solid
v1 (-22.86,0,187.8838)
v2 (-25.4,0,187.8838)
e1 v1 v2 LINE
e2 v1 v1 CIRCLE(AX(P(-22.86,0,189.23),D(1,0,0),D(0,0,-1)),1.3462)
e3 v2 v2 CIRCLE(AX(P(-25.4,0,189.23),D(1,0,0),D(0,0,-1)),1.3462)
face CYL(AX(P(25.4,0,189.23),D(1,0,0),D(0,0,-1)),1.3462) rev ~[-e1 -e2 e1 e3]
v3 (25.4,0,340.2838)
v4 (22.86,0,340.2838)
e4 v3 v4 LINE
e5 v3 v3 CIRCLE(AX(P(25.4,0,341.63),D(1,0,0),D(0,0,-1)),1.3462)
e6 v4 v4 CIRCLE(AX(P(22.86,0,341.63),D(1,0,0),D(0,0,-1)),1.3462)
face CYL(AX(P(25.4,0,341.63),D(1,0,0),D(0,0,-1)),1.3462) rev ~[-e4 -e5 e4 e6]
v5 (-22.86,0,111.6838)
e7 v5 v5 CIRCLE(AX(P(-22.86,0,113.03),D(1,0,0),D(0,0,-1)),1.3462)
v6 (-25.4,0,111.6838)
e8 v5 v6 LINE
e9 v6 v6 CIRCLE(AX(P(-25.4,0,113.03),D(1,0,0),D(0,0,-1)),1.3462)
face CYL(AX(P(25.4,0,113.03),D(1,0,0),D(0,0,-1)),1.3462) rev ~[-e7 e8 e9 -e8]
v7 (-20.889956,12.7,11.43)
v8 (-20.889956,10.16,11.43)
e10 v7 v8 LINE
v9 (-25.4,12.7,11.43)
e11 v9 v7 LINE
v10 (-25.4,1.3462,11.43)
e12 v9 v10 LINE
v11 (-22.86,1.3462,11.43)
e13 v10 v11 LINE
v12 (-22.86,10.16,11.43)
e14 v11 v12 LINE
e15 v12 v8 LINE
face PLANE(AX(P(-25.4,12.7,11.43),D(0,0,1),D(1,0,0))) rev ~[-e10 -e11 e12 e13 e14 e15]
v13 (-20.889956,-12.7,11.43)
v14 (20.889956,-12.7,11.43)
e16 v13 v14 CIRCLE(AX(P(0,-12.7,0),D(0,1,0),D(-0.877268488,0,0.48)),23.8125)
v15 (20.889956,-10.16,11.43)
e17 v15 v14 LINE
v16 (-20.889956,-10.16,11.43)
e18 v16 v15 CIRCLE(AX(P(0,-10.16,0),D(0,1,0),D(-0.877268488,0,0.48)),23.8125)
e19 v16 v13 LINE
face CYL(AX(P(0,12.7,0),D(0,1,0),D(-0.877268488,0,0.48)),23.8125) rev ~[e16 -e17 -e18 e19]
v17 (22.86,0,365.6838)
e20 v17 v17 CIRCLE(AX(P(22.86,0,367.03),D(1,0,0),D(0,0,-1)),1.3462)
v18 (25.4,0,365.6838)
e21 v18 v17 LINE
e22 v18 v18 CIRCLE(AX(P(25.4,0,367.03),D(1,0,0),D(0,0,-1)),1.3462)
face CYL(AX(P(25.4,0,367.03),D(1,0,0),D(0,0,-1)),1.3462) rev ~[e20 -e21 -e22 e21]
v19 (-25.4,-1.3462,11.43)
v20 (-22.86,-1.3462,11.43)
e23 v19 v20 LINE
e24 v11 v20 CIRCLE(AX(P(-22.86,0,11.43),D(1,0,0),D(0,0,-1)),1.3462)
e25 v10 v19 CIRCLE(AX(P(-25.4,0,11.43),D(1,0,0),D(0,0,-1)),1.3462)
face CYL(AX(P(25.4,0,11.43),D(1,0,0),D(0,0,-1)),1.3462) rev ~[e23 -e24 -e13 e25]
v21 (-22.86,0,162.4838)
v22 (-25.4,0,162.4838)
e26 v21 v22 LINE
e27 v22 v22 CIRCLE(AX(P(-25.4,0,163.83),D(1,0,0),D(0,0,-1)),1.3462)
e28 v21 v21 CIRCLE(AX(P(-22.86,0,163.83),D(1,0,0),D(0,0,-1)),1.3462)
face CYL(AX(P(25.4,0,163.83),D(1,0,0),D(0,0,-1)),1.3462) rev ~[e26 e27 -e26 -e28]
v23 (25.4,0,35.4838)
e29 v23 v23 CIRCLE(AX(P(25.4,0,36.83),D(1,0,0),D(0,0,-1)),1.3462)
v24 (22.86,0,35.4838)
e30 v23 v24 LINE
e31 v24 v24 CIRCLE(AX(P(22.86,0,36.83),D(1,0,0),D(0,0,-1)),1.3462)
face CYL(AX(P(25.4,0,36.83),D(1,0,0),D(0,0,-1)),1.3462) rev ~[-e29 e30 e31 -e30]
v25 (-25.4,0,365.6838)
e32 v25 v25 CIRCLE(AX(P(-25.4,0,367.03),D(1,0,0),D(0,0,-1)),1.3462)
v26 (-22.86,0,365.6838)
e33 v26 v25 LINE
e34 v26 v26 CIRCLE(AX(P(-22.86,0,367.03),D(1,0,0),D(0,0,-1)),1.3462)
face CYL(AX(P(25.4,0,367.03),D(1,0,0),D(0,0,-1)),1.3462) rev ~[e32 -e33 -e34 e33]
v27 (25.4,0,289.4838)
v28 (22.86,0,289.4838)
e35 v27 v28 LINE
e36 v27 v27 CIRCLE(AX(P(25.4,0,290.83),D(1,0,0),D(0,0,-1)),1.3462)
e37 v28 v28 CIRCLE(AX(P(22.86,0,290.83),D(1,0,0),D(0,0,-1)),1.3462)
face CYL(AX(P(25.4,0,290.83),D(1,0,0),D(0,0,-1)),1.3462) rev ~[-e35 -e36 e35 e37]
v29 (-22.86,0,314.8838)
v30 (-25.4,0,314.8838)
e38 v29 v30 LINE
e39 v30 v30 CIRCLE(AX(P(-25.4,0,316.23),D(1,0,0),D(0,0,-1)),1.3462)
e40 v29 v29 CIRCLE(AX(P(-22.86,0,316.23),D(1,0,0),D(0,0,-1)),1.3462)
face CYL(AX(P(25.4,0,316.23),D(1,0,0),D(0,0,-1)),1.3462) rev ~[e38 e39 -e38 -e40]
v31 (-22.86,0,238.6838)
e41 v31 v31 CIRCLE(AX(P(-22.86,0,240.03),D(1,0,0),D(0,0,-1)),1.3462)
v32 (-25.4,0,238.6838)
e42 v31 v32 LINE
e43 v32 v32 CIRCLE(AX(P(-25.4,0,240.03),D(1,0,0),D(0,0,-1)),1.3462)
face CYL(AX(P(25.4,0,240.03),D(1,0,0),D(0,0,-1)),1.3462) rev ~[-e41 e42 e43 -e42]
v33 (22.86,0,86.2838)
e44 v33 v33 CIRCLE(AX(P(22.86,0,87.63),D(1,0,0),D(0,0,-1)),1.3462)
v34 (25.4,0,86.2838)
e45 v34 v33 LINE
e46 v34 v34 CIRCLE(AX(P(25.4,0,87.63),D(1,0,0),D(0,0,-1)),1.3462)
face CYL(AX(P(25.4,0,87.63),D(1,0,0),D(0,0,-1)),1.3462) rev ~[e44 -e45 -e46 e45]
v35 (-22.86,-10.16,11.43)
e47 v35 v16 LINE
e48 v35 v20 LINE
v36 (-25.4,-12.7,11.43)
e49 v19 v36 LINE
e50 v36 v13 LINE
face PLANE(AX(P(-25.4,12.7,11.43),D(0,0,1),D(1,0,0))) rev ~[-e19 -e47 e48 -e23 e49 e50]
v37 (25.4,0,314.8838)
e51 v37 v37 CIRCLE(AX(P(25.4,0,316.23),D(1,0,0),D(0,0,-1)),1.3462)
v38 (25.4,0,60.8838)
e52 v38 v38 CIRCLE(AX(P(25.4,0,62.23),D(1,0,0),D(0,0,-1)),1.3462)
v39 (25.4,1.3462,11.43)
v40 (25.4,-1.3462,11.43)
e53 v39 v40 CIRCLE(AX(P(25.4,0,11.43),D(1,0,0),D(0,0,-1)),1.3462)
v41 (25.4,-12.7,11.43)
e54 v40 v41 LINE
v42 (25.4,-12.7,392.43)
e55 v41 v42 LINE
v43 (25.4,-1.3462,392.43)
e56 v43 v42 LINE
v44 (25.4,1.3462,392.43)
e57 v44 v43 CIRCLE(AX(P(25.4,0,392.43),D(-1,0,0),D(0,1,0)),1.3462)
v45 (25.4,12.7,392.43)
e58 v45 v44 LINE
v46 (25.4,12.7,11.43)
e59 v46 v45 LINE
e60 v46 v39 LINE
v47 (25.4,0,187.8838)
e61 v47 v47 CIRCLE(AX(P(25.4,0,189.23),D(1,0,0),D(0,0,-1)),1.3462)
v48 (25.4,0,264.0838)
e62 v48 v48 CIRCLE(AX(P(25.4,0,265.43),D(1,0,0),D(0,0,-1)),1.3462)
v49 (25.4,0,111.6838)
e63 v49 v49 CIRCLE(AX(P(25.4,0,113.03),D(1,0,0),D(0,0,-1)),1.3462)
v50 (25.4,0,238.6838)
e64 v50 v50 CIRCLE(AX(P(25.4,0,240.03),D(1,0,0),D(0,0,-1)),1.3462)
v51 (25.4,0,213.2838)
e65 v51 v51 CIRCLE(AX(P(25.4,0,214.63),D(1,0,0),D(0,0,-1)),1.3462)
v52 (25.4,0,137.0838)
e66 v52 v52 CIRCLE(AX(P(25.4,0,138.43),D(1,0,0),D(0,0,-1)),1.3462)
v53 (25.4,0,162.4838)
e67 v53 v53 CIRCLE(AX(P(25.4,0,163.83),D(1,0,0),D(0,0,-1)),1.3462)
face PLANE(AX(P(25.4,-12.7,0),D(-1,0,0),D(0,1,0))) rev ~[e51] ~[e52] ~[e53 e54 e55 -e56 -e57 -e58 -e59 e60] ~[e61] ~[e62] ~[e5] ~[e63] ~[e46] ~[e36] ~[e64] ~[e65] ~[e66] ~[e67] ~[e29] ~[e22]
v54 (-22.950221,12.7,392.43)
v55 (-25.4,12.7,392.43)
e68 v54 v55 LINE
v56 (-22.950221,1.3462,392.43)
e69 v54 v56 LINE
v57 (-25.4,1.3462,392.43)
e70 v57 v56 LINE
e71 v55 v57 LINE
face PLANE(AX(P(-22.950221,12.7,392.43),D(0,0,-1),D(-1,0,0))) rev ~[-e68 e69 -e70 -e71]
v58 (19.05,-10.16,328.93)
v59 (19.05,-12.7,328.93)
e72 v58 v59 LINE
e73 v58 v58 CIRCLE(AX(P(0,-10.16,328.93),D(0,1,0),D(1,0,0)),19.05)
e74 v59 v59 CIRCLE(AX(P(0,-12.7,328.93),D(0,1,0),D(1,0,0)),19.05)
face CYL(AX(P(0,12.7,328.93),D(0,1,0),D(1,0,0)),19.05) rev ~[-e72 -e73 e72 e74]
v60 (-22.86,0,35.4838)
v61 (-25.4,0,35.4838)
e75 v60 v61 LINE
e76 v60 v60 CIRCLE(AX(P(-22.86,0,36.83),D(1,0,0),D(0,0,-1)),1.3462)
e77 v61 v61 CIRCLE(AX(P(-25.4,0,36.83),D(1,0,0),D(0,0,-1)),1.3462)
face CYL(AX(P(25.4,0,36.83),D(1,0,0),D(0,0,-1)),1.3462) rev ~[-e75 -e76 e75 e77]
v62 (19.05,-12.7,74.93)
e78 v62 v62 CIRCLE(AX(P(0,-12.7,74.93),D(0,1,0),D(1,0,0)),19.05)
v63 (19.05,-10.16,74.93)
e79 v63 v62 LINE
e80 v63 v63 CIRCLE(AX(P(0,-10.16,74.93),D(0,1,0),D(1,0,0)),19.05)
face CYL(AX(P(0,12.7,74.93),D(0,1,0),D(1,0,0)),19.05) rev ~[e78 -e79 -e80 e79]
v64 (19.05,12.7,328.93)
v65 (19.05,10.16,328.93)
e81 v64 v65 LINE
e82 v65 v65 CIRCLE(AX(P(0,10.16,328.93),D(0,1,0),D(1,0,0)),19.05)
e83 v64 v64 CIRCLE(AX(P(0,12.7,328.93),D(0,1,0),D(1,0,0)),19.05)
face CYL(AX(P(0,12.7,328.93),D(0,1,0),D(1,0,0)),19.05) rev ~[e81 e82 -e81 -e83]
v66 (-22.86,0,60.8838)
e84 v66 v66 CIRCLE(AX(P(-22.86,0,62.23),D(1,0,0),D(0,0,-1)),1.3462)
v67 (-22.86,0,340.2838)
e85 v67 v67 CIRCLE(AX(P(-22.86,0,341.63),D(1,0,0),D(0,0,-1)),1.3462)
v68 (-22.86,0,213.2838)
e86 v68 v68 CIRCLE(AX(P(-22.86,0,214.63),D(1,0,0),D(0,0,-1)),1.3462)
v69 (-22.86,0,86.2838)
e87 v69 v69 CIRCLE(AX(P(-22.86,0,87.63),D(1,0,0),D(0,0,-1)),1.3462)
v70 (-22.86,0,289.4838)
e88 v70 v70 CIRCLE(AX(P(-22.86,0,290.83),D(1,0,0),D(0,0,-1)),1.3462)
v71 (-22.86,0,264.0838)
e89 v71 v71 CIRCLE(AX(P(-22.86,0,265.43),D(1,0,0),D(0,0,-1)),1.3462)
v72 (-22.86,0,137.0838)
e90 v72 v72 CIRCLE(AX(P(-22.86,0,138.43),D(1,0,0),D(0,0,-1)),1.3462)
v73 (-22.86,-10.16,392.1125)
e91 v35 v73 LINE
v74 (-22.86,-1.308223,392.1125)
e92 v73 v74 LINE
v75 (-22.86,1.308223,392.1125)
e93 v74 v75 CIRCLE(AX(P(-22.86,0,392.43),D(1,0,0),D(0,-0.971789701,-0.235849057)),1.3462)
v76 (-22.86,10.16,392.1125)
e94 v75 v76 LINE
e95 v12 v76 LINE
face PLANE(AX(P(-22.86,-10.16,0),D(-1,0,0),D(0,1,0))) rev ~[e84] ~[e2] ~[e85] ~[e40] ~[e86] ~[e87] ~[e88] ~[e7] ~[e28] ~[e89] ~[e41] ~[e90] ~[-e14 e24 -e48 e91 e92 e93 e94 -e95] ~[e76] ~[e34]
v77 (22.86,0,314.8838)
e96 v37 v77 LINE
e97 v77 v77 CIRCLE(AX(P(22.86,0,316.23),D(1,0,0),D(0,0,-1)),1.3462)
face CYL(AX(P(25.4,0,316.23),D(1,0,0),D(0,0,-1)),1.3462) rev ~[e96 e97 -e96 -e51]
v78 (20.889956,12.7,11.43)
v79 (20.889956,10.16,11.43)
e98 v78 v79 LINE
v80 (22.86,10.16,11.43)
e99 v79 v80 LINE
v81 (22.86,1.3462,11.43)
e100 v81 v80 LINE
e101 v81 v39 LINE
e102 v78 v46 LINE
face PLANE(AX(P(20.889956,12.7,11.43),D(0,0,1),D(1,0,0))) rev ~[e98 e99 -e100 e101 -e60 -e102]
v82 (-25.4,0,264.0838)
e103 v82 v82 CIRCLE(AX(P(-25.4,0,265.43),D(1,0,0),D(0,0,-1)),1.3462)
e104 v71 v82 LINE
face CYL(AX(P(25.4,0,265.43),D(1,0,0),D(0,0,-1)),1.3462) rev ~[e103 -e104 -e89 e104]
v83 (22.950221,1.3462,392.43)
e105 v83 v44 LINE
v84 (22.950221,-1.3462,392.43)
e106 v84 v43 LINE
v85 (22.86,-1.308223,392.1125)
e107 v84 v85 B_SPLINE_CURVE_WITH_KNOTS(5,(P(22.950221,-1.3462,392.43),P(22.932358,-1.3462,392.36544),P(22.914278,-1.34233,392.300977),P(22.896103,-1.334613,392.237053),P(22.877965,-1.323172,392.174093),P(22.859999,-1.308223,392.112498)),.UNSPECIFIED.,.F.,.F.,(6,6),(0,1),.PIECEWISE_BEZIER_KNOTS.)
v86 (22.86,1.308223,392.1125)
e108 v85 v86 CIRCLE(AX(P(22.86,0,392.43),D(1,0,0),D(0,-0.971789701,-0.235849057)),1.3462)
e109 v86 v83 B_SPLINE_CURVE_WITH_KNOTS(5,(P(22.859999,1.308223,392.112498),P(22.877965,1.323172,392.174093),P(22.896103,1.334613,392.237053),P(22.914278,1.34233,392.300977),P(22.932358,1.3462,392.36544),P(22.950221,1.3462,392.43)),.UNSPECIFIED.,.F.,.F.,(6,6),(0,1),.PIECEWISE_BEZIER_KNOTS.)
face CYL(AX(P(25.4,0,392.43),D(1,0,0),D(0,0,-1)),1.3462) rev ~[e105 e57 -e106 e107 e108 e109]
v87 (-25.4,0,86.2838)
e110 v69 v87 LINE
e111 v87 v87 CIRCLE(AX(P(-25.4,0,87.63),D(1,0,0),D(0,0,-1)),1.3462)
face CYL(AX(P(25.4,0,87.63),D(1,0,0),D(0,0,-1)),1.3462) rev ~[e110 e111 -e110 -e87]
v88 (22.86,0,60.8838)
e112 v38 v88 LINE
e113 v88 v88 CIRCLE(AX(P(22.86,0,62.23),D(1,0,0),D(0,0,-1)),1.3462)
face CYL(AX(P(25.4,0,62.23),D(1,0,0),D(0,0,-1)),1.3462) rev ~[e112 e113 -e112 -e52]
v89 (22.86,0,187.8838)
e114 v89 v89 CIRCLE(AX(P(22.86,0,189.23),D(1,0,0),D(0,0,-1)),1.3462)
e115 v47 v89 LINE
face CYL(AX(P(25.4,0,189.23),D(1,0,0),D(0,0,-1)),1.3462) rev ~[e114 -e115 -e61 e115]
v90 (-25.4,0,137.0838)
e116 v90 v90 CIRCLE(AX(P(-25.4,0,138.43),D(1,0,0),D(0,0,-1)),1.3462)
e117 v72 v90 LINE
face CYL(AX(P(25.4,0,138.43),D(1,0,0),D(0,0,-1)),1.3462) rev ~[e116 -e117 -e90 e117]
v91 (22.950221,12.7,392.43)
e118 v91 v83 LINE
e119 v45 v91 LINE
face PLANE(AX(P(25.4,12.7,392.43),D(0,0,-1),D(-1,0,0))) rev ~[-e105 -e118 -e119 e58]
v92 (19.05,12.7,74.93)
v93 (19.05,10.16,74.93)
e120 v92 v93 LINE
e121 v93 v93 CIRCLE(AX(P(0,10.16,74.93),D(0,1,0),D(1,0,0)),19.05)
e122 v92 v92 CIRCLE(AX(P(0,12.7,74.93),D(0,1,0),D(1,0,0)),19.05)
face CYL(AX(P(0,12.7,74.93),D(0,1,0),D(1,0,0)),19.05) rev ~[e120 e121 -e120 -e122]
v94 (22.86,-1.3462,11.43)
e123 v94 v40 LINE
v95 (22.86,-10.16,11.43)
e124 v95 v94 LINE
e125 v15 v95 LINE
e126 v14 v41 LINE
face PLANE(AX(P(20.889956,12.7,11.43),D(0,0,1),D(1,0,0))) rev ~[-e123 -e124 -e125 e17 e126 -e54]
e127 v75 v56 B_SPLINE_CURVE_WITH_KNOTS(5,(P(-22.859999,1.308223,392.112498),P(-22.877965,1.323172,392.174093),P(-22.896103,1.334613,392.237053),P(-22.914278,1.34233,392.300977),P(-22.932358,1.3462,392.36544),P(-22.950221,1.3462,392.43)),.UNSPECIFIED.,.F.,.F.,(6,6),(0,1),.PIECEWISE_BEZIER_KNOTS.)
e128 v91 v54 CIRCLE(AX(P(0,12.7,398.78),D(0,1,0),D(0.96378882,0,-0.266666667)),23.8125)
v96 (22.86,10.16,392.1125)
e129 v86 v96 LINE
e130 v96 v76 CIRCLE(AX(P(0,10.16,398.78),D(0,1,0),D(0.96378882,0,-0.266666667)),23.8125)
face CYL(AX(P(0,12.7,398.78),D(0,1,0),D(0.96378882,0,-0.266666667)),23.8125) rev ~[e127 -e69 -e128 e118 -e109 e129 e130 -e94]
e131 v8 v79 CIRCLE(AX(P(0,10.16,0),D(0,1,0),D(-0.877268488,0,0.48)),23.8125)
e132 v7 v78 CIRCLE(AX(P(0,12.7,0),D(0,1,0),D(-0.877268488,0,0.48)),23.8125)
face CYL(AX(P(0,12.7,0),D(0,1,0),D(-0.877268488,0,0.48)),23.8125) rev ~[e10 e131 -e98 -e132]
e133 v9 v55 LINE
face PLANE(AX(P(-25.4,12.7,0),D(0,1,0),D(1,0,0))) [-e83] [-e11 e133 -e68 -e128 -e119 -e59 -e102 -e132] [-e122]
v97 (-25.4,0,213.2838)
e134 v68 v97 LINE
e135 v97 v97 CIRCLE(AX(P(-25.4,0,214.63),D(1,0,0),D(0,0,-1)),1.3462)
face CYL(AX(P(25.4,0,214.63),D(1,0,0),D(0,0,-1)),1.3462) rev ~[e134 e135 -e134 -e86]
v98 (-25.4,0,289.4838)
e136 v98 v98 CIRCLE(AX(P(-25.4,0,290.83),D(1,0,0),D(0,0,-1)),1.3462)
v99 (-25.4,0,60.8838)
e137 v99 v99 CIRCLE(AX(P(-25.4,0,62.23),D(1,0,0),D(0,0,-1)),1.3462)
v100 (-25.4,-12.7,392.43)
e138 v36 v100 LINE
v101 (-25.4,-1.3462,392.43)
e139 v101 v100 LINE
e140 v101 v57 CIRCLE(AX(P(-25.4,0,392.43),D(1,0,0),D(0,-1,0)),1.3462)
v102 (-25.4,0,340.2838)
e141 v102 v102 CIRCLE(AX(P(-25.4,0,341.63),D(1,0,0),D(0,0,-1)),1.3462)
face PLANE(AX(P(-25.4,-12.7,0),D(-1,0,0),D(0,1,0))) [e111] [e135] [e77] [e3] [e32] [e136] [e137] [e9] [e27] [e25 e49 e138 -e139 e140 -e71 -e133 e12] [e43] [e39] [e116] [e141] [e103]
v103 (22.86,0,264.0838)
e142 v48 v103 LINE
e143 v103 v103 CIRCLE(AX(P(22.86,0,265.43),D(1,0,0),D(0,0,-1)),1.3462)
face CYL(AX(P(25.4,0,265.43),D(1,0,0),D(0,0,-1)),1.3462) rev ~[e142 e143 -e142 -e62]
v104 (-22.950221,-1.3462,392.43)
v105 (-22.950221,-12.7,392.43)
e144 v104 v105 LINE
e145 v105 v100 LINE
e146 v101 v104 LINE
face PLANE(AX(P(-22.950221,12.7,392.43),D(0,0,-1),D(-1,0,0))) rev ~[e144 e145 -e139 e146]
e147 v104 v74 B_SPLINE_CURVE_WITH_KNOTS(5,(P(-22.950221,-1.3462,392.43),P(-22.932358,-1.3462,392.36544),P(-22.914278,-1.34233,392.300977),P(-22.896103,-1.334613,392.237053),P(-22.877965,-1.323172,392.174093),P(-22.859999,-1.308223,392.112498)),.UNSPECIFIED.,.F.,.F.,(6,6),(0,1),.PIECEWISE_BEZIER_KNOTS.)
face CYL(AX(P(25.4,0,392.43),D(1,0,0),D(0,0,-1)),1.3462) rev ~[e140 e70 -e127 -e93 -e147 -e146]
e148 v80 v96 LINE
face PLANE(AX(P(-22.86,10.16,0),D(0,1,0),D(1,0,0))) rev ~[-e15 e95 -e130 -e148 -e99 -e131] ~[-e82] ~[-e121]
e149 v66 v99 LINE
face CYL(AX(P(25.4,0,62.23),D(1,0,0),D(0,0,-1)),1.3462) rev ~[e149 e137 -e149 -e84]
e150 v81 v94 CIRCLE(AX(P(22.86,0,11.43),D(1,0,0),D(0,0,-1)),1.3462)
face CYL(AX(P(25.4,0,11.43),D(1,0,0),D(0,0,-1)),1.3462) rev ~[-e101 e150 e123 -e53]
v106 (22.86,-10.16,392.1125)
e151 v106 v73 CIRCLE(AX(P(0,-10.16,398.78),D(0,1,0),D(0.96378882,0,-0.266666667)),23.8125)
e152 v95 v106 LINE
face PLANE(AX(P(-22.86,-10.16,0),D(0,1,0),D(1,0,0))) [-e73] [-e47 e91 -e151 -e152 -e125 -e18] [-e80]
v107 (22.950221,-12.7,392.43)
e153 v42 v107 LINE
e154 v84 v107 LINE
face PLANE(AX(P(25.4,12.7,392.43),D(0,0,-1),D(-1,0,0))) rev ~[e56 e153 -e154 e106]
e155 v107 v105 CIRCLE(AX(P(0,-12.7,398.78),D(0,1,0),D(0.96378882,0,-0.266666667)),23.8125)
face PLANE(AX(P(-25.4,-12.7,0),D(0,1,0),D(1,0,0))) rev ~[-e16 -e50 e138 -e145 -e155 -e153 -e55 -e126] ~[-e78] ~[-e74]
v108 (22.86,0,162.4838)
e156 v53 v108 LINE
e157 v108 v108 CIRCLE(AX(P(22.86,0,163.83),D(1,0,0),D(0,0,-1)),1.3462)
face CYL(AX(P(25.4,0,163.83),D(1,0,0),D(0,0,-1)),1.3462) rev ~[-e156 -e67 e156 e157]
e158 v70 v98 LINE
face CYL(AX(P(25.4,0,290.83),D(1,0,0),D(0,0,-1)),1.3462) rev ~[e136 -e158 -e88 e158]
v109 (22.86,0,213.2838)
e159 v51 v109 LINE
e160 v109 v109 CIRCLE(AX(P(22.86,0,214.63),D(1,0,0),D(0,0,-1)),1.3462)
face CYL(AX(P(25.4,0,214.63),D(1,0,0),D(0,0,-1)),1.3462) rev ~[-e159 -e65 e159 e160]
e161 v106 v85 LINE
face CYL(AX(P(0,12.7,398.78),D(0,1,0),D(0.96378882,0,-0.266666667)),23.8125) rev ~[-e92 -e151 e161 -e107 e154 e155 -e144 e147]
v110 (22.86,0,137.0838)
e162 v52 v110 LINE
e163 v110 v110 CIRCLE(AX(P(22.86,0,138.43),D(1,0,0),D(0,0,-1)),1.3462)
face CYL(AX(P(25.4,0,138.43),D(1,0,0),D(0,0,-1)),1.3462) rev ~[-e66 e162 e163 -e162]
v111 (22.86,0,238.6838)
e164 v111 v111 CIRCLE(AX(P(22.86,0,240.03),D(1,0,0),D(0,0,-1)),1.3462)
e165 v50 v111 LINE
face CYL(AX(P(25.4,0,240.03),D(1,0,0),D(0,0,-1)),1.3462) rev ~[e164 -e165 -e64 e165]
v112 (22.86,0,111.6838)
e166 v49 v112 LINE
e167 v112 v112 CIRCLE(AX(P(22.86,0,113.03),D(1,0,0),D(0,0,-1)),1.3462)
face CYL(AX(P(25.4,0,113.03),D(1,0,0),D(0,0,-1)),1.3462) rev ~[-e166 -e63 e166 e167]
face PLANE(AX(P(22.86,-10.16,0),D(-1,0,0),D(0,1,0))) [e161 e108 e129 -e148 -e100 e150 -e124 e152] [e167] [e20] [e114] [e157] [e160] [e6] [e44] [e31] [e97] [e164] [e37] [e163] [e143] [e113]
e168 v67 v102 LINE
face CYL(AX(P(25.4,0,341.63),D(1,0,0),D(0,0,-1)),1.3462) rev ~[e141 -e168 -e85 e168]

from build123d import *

# Parameters (mm, degrees)
SKETCH1_W           = 50.8
SKETCH1_H           = 25.4
SKETCH1_W_2         = 45.72
SKETCH1_H_2         = 20.32
EXTRUDE_THIN1_DEPTH = 398.78
SKETCH2_R           = 1.3462
CUT_EXTRUDE1_DEPTH  = 51.8
LPATTERN1_COUNT     = 19
LPATTERN1_PITCH     = 25.4
CUT_EXTRUDE2_DEPTH  = 26.4
SKETCH4_R           = 19.05
CUT_EXTRUDE3_DEPTH  = 26.4000001


with BuildPart() as part:
    # Sketch1 → Extrude-Thin1 (new body)
    with BuildSketch(Plane.XY):
        Rectangle(SKETCH1_W, SKETCH1_H)
        Rectangle(SKETCH1_W_2, SKETCH1_H_2, mode=Mode.SUBTRACT)
    extrude(amount=EXTRUDE_THIN1_DEPTH)

    # Sketch2 → Cut-Extrude1 (cut, through all)
    with BuildSketch(Plane(origin=(25.4, 0, 0), x_dir=(0, 0, -1), z_dir=(1, 0, 0))):
        with Locations((-392.43, 0)):
            Circle(SKETCH2_R)
    cut_extrude1 = extrude(amount=-CUT_EXTRUDE1_DEPTH, mode=Mode.SUBTRACT)

    # LPattern1: Cut-Extrude1 ×19
    with Locations(*[(0, 0, -i * LPATTERN1_PITCH) for i in range(1, LPATTERN1_COUNT)]):
        add(cut_extrude1, mode=Mode.SUBTRACT)

    # Sketch3 → Cut-Extrude2 (cut, through all)
    with BuildSketch(Plane(origin=(0, 12.7, 0), x_dir=(1, 0, 0), z_dir=(0, 1, 0))):
        with BuildLine():
            ThreePointArc((23.8125, -398.78), (23.595945628, -395.57586109), (22.950221268, -392.43))
            ThreePointArc((22.950221268, -392.43), (0, -374.9675), (-22.950221268, -392.43))
            ThreePointArc((-22.950221268, -392.43), (-23.595945628, -395.57586109), (-23.8125, -398.78))
            Line((-23.8125, -398.78), (23.8125, -398.78))
        make_face()
        with BuildLine():
            ThreePointArc((-23.8125, -398.78), (0, -422.5925), (23.8125, -398.78))
            Line((23.8125, -398.78), (-23.8125, -398.78))
        make_face()
        with BuildLine():
            Line((25.4, -398.78), (25.4, -392.43))
            Line((25.4, -392.43), (22.950221268, -392.43))
            ThreePointArc((22.950221268, -392.43), (23.595945628, -395.57586109), (23.8125, -398.78))
            Line((23.8125, -398.78), (25.4, -398.78))
        make_face()
        with BuildLine():
            ThreePointArc((-23.8125, -398.78), (-23.595945628, -395.57586109), (-22.950221268, -392.43))
            Line((-22.950221268, -392.43), (-25.4, -392.43))
            Line((-25.4, -392.43), (-25.4, -398.78))
            Line((-25.4, -398.78), (-23.8125, -398.78))
        make_face()
        with BuildLine():
            ThreePointArc((-20.88995587, -11.43), (0, -23.8125), (20.88995587, -11.43))
            ThreePointArc((20.88995587, -11.43), (23.07029725, -5.898859301), (23.8125, 0))
            Line((23.8125, 0), (-23.8125, 0))
            ThreePointArc((-23.8125, 0), (-23.07029725, -5.898859301), (-20.88995587, -11.43))
        make_face()
        with BuildLine():
            Line((-23.8125, 0), (23.8125, 0))
            ThreePointArc((23.8125, 0), (0, 23.8125), (-23.8125, 0))
        make_face()
        with BuildLine():
            Line((-25.4, -11.43), (-20.88995587, -11.43))
            ThreePointArc((-20.88995587, -11.43), (-23.07029725, -5.898859301), (-23.8125, 0))
            Line((-23.8125, 0), (-25.4, 0))
            Line((-25.4, 0), (-25.4, -11.43))
        make_face()
        with BuildLine():
            Line((20.88995587, -11.43), (25.4, -11.43))
            Line((25.4, -11.43), (25.4, 0))
            Line((25.4, 0), (23.8125, 0))
            ThreePointArc((23.8125, 0), (23.07029725, -5.898859301), (20.88995587, -11.43))
        make_face()
    extrude(amount=-CUT_EXTRUDE2_DEPTH, mode=Mode.SUBTRACT)

    # Sketch4 → Cut-Extrude3 (cut, through all)
    with BuildSketch(Plane(origin=(0, 12.7, 0), x_dir=(1, 0, 0), z_dir=(0, 1, 0))):
        with Locations((0, -328.93)):
            Circle(SKETCH4_R)
        with Locations((0, -74.93)):
            Circle(SKETCH4_R)
    extrude(amount=-CUT_EXTRUDE3_DEPTH, mode=Mode.SUBTRACT)


solid = part.part
